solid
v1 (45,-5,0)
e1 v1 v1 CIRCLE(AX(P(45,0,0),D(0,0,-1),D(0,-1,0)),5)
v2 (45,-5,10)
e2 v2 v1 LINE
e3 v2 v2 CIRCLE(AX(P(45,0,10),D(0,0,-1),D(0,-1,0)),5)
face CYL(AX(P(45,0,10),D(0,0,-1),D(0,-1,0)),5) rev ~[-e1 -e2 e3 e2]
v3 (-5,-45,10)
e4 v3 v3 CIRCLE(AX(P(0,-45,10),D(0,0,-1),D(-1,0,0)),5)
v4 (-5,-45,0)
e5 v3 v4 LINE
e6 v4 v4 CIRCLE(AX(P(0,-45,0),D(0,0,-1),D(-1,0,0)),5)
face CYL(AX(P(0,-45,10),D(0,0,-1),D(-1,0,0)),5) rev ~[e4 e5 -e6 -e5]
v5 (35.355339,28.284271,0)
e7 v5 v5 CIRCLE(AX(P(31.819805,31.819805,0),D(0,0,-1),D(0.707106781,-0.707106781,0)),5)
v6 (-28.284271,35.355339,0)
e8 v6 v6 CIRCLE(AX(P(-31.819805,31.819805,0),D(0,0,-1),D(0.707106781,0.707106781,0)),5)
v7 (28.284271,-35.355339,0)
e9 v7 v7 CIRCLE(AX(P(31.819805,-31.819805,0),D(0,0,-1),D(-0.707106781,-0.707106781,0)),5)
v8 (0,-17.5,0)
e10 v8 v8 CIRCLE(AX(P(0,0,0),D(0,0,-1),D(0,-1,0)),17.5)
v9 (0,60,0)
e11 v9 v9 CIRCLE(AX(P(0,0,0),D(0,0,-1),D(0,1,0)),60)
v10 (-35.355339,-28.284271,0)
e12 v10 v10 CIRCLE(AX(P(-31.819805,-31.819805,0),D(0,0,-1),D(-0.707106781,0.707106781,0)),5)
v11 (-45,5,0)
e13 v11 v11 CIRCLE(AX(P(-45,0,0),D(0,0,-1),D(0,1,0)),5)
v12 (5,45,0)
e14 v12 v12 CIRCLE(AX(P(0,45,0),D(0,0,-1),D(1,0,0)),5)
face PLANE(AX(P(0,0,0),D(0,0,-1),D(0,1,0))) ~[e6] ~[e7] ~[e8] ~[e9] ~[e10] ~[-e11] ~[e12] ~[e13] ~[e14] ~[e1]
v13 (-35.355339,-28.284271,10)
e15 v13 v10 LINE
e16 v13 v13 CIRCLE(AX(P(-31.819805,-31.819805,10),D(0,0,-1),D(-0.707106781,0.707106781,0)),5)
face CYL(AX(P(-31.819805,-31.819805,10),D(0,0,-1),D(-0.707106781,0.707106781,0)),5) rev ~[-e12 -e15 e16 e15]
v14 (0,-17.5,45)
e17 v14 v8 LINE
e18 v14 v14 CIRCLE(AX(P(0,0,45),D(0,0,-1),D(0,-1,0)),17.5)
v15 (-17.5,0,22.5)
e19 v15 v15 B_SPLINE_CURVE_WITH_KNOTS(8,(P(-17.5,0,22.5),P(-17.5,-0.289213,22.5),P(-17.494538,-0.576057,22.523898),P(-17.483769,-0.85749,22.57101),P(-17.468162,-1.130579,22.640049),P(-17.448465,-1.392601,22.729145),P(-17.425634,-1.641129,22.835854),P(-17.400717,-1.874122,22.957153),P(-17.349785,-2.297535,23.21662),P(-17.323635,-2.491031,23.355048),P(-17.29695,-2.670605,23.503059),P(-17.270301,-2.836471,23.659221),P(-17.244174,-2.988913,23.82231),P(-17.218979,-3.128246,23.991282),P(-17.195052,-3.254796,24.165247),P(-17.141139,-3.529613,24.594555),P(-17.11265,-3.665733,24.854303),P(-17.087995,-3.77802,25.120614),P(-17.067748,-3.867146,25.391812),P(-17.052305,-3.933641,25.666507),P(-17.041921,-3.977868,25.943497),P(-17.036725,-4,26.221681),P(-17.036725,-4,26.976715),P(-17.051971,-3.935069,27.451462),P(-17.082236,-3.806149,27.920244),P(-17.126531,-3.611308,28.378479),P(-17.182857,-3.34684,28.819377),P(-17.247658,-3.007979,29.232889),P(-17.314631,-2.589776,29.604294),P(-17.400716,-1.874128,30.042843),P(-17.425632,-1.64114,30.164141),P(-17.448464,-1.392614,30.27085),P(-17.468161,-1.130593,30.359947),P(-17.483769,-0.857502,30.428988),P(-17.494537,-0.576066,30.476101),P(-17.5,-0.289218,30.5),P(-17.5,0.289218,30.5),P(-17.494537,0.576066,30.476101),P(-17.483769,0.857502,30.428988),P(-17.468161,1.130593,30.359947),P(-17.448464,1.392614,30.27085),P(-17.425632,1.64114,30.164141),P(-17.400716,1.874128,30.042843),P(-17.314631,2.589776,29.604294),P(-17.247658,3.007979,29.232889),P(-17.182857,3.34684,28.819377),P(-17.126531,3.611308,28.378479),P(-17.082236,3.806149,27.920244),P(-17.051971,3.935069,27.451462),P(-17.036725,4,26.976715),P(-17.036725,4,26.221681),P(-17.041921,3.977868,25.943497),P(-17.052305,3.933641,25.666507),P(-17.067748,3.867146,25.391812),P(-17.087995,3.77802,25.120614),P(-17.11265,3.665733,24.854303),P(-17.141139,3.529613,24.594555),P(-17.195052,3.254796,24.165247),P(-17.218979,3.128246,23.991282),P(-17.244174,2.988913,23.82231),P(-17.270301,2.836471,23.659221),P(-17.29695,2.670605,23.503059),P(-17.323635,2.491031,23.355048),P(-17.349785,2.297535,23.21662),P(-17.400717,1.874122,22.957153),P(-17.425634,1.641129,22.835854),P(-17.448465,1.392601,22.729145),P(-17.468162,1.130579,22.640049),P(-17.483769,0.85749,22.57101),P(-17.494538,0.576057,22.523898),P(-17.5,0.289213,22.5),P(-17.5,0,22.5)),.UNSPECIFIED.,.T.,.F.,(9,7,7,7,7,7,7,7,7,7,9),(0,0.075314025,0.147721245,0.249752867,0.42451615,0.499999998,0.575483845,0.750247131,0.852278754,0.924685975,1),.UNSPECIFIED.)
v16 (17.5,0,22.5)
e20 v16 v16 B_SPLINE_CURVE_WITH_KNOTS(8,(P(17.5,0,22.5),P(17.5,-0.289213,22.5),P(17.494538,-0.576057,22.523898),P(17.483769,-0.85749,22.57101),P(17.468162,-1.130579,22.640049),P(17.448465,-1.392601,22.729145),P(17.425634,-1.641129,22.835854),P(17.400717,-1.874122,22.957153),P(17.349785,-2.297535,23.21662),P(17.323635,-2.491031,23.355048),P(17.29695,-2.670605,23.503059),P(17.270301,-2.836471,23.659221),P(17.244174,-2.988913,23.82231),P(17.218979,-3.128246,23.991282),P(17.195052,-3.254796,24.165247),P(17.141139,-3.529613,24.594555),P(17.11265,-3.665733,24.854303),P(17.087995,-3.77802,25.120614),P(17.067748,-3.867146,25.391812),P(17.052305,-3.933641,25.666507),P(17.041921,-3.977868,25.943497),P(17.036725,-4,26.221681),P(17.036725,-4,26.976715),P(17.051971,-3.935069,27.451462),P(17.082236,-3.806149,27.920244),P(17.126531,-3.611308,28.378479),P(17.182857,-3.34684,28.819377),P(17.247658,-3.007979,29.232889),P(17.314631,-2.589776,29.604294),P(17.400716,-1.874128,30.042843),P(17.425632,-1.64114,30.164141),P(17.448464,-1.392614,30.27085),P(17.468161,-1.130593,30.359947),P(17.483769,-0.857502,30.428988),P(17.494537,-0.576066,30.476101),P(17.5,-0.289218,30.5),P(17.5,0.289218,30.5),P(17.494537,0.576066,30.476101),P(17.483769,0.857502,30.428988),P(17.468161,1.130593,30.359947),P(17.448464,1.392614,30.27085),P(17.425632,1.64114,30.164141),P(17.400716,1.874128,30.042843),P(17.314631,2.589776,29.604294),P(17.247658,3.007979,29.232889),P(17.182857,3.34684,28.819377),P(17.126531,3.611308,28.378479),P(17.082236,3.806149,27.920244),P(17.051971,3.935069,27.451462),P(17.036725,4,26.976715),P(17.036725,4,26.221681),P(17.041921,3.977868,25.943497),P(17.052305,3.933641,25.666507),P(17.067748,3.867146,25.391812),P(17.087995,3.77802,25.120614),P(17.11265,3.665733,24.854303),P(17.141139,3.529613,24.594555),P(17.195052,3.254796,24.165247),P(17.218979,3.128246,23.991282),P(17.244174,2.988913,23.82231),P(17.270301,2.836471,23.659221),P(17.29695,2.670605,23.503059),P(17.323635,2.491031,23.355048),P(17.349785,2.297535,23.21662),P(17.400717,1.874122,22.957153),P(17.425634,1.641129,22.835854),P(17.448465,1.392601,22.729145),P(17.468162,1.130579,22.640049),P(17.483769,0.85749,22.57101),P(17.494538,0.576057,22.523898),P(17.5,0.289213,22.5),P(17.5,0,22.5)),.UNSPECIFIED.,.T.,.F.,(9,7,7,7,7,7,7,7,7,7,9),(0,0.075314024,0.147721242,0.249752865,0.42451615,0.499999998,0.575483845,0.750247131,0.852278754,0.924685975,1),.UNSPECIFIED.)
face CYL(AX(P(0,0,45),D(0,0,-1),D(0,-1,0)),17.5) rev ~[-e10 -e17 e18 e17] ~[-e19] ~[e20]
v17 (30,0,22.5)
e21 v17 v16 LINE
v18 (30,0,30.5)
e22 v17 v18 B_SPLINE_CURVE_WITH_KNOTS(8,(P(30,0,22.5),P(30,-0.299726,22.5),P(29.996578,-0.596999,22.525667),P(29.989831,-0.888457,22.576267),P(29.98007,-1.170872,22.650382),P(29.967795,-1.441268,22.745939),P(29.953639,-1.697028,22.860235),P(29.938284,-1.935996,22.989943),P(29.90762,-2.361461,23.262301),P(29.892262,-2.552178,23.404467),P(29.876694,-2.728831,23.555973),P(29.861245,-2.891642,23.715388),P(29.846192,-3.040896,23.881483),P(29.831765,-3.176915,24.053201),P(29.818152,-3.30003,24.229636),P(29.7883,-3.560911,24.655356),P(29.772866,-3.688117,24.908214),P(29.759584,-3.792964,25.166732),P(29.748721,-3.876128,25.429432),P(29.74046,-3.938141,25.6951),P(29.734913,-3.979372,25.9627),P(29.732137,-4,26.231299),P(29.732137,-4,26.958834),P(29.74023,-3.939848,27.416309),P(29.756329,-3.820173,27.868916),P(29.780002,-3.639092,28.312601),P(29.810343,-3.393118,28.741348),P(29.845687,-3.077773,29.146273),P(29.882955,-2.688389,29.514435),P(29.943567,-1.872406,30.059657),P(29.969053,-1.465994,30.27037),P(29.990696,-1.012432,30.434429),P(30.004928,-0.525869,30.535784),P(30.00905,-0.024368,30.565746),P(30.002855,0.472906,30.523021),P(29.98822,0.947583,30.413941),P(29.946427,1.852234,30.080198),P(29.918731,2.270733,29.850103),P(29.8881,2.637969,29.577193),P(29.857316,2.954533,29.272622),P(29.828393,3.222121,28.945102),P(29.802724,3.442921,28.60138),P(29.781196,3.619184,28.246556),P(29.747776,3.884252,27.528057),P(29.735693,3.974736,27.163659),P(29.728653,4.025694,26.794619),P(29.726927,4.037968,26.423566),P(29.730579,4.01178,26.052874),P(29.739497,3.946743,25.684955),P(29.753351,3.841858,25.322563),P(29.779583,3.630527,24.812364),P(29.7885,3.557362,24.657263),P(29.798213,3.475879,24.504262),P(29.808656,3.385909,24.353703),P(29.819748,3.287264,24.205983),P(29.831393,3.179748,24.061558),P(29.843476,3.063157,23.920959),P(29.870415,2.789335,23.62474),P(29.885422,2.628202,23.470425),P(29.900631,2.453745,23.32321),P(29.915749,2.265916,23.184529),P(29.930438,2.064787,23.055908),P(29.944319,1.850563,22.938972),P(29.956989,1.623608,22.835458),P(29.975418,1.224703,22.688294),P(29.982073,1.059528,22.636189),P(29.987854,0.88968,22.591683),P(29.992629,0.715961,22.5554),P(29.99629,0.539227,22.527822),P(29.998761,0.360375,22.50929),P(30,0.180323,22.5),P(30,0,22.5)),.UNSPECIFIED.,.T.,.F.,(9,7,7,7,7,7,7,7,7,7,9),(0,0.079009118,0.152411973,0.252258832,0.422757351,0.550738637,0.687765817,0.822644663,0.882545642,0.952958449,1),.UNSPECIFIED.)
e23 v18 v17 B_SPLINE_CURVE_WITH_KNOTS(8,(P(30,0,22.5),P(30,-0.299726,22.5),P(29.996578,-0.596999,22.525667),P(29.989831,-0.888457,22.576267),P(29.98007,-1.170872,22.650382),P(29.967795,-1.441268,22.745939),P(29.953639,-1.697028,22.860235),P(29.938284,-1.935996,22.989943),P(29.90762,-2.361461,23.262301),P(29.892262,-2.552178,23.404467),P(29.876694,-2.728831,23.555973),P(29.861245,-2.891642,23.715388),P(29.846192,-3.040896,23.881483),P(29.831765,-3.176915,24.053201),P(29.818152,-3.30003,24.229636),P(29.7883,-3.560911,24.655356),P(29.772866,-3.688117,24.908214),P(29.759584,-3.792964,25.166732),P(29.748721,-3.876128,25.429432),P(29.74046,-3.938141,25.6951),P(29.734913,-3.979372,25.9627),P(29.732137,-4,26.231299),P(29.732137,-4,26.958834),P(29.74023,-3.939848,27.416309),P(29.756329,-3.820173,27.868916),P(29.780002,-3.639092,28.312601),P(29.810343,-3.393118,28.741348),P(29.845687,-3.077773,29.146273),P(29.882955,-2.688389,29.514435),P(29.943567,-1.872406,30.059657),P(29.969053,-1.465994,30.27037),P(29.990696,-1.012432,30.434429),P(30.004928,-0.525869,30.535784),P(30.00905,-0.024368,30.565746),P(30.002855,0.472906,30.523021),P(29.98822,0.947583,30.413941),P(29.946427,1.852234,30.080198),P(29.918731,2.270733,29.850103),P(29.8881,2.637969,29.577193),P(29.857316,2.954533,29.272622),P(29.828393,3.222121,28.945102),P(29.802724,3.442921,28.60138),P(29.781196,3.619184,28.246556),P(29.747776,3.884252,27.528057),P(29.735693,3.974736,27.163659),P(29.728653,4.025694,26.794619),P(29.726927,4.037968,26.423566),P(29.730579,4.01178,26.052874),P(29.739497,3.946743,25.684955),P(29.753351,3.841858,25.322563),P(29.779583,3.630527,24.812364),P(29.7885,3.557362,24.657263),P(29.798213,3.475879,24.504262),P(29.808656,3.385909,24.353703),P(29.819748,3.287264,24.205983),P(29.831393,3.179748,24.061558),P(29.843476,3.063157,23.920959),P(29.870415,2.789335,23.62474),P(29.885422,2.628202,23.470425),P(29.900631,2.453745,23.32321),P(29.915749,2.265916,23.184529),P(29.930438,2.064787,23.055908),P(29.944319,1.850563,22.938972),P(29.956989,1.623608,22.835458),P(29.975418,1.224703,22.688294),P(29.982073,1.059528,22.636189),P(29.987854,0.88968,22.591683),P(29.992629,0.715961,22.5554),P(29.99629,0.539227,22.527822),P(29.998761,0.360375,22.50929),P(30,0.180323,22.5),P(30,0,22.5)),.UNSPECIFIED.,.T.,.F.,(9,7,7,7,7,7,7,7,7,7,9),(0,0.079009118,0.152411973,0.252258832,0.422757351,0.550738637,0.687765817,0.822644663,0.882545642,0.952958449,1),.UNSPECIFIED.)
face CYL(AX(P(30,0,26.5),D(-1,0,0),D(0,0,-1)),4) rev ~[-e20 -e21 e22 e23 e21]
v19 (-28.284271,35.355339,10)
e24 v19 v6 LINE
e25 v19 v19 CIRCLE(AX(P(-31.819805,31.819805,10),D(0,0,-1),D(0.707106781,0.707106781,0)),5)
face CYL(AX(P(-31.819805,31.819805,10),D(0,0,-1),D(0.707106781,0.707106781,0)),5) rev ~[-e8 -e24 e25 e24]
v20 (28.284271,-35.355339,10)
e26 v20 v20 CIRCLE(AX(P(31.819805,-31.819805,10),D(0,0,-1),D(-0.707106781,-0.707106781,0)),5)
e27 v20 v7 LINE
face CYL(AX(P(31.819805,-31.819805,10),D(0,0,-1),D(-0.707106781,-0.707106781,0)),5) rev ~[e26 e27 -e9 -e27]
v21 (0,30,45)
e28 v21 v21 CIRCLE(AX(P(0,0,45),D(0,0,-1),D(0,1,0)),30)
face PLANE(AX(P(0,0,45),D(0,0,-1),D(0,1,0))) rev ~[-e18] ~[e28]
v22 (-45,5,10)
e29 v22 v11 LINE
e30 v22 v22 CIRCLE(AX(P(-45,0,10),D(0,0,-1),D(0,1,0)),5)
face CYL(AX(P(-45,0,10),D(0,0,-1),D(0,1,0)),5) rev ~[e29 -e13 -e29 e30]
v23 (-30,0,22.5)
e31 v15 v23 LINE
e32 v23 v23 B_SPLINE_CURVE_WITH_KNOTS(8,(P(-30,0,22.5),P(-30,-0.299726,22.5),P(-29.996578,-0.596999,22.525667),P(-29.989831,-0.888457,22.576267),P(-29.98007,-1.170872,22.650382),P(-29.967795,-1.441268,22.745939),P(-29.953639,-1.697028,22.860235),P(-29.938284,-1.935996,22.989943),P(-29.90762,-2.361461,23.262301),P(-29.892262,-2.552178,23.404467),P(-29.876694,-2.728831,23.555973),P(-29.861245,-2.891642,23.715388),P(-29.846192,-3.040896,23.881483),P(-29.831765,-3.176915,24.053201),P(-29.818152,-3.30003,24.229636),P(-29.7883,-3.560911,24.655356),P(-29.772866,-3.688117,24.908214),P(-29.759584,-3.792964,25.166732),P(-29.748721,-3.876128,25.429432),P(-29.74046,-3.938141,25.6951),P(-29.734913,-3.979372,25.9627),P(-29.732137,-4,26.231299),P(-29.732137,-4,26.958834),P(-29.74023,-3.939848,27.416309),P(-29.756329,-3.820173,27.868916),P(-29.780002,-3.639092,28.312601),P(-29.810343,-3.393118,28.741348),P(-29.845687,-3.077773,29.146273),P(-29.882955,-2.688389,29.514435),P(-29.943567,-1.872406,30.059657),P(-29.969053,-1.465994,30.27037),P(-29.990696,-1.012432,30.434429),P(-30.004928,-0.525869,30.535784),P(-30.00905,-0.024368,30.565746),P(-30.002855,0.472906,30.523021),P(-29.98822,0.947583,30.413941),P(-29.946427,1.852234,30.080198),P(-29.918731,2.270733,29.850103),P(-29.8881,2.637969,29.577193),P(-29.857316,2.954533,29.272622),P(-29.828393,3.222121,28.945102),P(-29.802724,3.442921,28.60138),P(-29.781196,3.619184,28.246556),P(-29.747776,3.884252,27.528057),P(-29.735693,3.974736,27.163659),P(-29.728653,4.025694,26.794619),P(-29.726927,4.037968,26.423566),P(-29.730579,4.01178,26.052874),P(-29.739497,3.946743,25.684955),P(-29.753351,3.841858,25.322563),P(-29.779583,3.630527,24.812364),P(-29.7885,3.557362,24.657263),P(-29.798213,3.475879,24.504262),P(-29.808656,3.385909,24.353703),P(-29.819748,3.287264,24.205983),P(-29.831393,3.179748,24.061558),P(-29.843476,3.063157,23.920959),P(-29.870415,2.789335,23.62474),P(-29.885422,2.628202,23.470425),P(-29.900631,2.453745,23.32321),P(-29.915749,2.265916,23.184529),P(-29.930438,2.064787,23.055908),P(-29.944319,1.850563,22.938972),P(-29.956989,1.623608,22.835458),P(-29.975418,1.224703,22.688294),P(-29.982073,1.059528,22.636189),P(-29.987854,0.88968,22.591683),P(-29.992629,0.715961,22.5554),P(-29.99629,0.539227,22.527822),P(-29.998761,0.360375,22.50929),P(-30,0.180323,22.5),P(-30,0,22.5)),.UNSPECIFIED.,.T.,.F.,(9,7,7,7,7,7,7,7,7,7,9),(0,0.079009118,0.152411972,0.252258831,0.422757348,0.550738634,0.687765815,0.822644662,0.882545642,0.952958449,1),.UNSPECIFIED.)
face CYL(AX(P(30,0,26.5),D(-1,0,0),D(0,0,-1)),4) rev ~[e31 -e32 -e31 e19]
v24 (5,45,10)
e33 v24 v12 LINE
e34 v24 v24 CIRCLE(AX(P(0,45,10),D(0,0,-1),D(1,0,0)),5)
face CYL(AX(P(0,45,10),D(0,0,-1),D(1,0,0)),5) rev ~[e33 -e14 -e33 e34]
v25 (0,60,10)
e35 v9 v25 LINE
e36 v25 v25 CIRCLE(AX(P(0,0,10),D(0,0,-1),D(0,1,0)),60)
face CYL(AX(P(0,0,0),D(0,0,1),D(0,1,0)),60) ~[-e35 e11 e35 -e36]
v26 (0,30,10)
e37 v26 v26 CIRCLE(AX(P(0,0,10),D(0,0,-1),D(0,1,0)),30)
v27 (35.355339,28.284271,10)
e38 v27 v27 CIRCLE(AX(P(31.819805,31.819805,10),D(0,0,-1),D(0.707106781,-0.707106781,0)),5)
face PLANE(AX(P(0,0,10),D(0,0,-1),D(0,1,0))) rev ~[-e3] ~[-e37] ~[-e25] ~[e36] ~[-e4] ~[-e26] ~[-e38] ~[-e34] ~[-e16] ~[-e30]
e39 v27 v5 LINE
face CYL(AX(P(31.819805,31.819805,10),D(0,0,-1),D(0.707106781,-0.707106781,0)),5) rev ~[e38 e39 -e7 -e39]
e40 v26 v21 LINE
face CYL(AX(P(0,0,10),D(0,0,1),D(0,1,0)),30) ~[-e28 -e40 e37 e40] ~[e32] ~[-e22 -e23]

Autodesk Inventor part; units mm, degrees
ref_plane "YZ Plane" through (0, 0, 0) normal (1, 0, 0) x (0, 1, 0)
ref_plane "XZ Plane" through (0, 0, 0) normal (0, 1, 0) x (-1, 0, 0)
sketch "Sketch2" plane through (0, 0, 0) normal (1, 0, 0) x (0, 1, 0)
  line L0 (0, 58.5) -> (0, -4.5) projected
  line L1 (-6, 0) -> (78, 0) projected
  line L2 (60, 0) -> (60, 10)
  line L3 (60, 10) -> (30, 10)
  line L4 (30, 10) -> (30, 45)
  line L5 (30, 45) -> (0, 45)
  line L6 (0, 0) -> (60, 0)
  line L7 (0, 45) -> (0, 0)
  dimension "d0" = 60
  dimension "d1" = 30
  dimension "d2" = 10
  dimension "d3" = 35
revolve "Revolution1" add sketch "Sketch2" angle 360 about axis through (0, 0, 0) along (0, 0, -1)
hole "Hole1" at (0, 0, 45) direction (0, 0, -1) diameter 35 end through all
sketch "Sketch3" plane through (0, 0, 10) normal (0, 0, 1) x (1, 0, 0)
  line L0 (-72, 0) -> (96, 0) projected
  line L1 (0, 96) -> (0, -72) projected
  point P0 (45, 0)
  dimension "d14" = 45
hole "Hole2" at (45, 0, 10) direction (0, 0, -1) diameter 10 end through all
pattern_circular "Circular Pattern1" count 8 over 360 about axis through (0, 0, -10) along (0, 0, 1) of "Hole2"
ref_plane "Work Plane1" through (30, 0, 45) normal (1, 0, 0) x (0, 0, -1)
sketch "Sketch4" plane through (30, 0, 45) normal (1, 0, 0) x (0, 0, -1)
  line L0 (-13.5, 0) -> (49.5, 0) projected
  line L1 (45, -72) -> (45, 96) projected
  line L2 (45, -60) -> (45, 60) projected
  line L3 (0, -30) -> (0, 30) projected
  point P0 (18.5, 0)
  dimension "d26" = 18.5
hole "Hole3" at (30, 0, 26.5) direction (-1, 0, 0) diameter 8 end through all
properties part number "hub"
